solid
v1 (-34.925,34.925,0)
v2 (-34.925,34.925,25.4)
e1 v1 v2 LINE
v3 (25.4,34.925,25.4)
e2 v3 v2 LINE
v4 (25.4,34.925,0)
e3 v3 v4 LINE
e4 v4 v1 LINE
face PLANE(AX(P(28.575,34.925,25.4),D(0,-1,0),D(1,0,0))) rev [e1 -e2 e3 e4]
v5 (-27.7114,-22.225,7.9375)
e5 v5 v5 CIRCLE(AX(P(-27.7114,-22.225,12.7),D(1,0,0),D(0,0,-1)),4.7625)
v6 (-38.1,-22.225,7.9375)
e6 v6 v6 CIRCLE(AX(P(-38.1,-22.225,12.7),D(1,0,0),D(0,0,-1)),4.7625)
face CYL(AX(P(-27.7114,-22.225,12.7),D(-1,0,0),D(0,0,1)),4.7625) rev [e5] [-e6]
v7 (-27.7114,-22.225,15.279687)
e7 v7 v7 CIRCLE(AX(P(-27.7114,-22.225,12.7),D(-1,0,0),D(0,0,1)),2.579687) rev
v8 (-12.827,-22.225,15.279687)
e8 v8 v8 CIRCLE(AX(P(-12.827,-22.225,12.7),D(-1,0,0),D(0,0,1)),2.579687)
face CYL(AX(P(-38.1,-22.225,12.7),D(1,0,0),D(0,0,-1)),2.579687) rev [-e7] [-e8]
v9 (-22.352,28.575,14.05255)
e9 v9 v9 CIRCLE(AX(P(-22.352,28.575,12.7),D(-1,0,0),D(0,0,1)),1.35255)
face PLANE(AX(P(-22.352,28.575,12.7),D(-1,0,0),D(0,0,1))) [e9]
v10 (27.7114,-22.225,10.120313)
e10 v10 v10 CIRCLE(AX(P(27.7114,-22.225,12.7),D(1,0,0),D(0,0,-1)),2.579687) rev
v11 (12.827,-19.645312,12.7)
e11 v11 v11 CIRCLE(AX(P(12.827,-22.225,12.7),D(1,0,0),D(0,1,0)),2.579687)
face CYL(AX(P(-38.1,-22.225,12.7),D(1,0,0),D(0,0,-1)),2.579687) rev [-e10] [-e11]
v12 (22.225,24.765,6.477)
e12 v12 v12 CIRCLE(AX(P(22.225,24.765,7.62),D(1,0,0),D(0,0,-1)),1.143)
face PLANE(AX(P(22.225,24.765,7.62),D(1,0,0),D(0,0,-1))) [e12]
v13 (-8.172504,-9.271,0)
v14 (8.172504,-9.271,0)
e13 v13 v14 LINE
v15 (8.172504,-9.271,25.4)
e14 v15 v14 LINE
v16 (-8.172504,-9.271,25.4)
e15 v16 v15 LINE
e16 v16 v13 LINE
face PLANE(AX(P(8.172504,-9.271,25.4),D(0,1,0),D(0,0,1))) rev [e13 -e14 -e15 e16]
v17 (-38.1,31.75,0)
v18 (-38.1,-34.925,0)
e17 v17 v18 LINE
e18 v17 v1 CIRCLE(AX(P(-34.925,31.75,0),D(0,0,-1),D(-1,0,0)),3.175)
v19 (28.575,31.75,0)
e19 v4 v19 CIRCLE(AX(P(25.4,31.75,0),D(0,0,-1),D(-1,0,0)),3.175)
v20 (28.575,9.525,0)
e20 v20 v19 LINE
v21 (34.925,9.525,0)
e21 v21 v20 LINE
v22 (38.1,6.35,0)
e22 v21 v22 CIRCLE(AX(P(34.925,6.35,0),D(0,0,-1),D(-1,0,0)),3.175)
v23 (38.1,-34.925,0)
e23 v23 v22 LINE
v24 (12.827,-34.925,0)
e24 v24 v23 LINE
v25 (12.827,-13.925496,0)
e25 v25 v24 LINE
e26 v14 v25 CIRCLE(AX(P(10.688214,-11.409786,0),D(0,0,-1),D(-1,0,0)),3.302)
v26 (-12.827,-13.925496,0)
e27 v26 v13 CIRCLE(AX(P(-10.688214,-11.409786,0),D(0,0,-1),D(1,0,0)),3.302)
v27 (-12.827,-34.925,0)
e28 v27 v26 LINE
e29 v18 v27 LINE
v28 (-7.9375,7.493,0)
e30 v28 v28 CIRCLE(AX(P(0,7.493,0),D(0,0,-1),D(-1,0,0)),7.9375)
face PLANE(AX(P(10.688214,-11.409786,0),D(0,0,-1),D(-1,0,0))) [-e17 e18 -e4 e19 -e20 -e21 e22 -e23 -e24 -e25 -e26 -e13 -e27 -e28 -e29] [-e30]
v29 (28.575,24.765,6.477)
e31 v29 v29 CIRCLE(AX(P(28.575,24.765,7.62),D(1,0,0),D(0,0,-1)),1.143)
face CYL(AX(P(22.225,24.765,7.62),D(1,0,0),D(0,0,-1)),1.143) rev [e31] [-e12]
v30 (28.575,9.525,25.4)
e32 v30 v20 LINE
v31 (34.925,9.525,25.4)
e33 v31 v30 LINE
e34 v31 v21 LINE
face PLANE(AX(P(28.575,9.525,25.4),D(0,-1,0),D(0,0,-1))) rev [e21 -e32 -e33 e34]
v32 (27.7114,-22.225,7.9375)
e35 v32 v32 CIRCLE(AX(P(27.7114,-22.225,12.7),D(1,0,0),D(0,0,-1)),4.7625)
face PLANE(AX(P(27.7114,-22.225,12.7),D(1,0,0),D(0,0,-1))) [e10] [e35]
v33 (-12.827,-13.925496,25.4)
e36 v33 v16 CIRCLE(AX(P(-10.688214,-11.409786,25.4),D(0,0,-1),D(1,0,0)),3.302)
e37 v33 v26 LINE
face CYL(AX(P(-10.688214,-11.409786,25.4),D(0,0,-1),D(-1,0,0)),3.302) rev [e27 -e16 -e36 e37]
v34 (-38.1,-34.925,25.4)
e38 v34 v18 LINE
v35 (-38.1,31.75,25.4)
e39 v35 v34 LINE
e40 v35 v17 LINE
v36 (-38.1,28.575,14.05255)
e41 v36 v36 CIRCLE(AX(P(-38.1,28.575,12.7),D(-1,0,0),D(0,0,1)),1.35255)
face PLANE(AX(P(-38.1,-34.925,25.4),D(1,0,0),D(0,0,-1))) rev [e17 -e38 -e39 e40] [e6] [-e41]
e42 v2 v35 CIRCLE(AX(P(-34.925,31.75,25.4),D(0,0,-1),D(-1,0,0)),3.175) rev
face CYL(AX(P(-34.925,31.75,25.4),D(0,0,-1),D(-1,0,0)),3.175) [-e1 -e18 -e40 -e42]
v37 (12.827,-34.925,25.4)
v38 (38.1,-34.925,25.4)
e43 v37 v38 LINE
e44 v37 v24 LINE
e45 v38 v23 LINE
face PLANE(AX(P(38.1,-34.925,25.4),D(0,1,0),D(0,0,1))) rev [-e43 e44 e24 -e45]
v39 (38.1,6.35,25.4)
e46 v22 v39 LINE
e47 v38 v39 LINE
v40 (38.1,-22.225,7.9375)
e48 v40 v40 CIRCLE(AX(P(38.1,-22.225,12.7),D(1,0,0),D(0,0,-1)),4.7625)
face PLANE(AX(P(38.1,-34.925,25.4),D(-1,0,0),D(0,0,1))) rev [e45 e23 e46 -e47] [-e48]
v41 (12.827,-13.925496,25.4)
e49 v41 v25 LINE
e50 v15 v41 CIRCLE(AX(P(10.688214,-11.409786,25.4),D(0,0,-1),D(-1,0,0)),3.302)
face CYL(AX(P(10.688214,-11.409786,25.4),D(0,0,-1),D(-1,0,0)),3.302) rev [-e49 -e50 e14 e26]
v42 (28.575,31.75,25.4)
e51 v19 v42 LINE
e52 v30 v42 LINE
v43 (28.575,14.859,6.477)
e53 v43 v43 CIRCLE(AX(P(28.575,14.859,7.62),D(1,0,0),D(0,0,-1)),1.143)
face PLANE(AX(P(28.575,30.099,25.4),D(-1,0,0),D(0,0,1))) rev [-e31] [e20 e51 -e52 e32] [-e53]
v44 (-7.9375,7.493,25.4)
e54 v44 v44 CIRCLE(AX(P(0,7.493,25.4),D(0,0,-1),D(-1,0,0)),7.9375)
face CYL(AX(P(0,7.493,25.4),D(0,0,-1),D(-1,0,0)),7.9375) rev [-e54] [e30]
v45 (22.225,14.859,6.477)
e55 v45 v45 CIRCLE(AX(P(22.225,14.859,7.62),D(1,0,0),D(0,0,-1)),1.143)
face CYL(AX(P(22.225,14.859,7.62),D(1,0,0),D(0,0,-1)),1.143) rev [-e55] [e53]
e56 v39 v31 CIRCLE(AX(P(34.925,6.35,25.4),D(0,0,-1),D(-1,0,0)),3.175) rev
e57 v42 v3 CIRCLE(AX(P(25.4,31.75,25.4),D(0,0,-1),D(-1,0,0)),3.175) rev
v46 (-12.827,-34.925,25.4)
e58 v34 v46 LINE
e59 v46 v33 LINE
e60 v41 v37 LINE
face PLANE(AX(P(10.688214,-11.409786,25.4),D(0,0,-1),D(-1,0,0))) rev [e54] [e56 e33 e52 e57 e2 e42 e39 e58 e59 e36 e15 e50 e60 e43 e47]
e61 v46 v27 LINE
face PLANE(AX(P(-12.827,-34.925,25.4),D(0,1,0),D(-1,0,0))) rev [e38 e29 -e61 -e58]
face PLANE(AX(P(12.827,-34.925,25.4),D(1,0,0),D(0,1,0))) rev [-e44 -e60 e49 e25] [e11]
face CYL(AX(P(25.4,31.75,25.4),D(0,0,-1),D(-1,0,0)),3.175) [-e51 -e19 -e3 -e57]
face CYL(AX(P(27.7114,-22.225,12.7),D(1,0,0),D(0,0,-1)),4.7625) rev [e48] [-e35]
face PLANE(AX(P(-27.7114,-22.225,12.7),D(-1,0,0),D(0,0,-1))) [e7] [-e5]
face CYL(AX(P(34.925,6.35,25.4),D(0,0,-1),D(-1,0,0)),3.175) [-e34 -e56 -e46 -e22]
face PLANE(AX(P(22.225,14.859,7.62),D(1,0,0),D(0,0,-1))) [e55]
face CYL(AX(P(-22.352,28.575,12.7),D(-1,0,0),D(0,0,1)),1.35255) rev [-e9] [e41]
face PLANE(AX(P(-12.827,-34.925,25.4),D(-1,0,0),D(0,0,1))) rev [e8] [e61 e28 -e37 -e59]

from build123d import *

# Parameters (mm, degrees)
SKETCH1_R           = 6.35
BOSS_EXTRUDE1_DEPTH = 25.4
SKETCH2_R           = 7.9375
CUT_EXTRUDE1_DEPTH  = 26.4
FILLET1_R           = 3.175
CUT_EXTRUDE2_START  = -76.2
SKETCH3_R           = 2.5796875
CUT_EXTRUDE2_DEPTH  = 76.2
SKETCH4_R           = 1.35255
CUT_EXTRUDE3_DEPTH  = 15.748
SKETCH5_R           = 4.7625
CUT_EXTRUDE4_DEPTH  = 10.3886
SKETCH6_R           = 1.143
CUT_EXTRUDE5_DEPTH  = 6.35


with BuildPart() as part:
    # Sketch1 → Boss-Extrude1 (new body)
    with BuildSketch(Plane.XY):
        with BuildLine():
            Line((38.1, -34.925), (12.827, -34.925))
            Line((12.827, -34.925), (12.827, -13.92549629))
            ThreePointArc((12.827, -13.92549629), (13.023080834, -9.074919166), (8.17250371, -9.271))
            Line((8.17250371, -9.271), (-8.17250371, -9.271))
            ThreePointArc((-8.17250371, -9.271), (-13.023080834, -9.074919166), (-12.827, -13.92549629))
            Line((-12.827, -13.92549629), (-12.827, -34.925))
            Line((-12.827, -34.925), (-38.1, -34.925))
            Line((-38.1, -34.925), (-38.1, 34.925))
            Line((-38.1, 34.925), (28.575, 34.925))
            Line((28.575, 34.925), (28.575, 30.099))
            Line((28.575, 30.099), (28.575, 9.525))
            Line((28.575, 9.525), (38.1, 9.525))
            Line((38.1, 9.525), (38.1, -34.925))
        make_face()
        with Locations((0, 7.493)):
            Circle(SKETCH1_R, mode=Mode.SUBTRACT)
    extrude(amount=BOSS_EXTRUDE1_DEPTH)

    # Sketch2 → Cut-Extrude1 (cut, through all)
    with BuildSketch(Plane(origin=(0, 0, 0), x_dir=(-1, 0, 0), z_dir=(0, 0, -1))):
        with Locations((0, 7.493)):
            Circle(SKETCH2_R)
    extrude(amount=-CUT_EXTRUDE1_DEPTH, mode=Mode.SUBTRACT)

    # Fillet1
    fillet1_edges = [part.edges().sort_by_distance(p)[0] for p in [
        (-38.1, 34.925, 12.7),
        (28.575, 34.925, 12.7),
        (38.1, 9.525, 12.7),
    ]]
    fillet(fillet1_edges, radius=FILLET1_R)

    # Sketch3 → Cut-Extrude2 (cut)
    with BuildSketch(Plane(origin=(38.1, 0, 0), x_dir=(0, 0, -1), z_dir=(1, 0, 0)).offset(CUT_EXTRUDE2_START)):
        with Locations((-12.7, -22.225)):
            Circle(SKETCH3_R)
    extrude(amount=CUT_EXTRUDE2_DEPTH, mode=Mode.SUBTRACT)

    # Sketch4 → Cut-Extrude3 (cut)
    with BuildSketch(Plane.ZY.offset(38.1)):
        with Locations((12.7, 28.575)):
            Circle(SKETCH4_R)
    extrude(amount=-CUT_EXTRUDE3_DEPTH, mode=Mode.SUBTRACT)

    # Sketch5 → Cut-Extrude4 (cut)
    with BuildSketch(Plane(origin=(38.1, 0, 0), x_dir=(0, 0, -1), z_dir=(1, 0, 0))):
        with Locations((-12.7, -22.225)):
            Circle(SKETCH5_R)
    cut_extrude4 = extrude(amount=-CUT_EXTRUDE4_DEPTH, mode=Mode.SUBTRACT)

    # Mirror1: Cut-Extrude4 across plane
    add(cut_extrude4.mirror(Plane(origin=(0, 0, 0), x_dir=(0, 0, 1), z_dir=(1, 0, 0))), mode=Mode.SUBTRACT)

    # Sketch6 → Cut-Extrude5 (cut)
    with BuildSketch(Plane(origin=(28.575, 0, 0), x_dir=(0, 0, -1), z_dir=(1, 0, 0))):
        with Locations((-7.62, 14.859)):
            Circle(SKETCH6_R)
        with Locations((-7.62, 24.765)):
            Circle(SKETCH6_R)
    extrude(amount=-CUT_EXTRUDE5_DEPTH, mode=Mode.SUBTRACT)


solid = part.part
